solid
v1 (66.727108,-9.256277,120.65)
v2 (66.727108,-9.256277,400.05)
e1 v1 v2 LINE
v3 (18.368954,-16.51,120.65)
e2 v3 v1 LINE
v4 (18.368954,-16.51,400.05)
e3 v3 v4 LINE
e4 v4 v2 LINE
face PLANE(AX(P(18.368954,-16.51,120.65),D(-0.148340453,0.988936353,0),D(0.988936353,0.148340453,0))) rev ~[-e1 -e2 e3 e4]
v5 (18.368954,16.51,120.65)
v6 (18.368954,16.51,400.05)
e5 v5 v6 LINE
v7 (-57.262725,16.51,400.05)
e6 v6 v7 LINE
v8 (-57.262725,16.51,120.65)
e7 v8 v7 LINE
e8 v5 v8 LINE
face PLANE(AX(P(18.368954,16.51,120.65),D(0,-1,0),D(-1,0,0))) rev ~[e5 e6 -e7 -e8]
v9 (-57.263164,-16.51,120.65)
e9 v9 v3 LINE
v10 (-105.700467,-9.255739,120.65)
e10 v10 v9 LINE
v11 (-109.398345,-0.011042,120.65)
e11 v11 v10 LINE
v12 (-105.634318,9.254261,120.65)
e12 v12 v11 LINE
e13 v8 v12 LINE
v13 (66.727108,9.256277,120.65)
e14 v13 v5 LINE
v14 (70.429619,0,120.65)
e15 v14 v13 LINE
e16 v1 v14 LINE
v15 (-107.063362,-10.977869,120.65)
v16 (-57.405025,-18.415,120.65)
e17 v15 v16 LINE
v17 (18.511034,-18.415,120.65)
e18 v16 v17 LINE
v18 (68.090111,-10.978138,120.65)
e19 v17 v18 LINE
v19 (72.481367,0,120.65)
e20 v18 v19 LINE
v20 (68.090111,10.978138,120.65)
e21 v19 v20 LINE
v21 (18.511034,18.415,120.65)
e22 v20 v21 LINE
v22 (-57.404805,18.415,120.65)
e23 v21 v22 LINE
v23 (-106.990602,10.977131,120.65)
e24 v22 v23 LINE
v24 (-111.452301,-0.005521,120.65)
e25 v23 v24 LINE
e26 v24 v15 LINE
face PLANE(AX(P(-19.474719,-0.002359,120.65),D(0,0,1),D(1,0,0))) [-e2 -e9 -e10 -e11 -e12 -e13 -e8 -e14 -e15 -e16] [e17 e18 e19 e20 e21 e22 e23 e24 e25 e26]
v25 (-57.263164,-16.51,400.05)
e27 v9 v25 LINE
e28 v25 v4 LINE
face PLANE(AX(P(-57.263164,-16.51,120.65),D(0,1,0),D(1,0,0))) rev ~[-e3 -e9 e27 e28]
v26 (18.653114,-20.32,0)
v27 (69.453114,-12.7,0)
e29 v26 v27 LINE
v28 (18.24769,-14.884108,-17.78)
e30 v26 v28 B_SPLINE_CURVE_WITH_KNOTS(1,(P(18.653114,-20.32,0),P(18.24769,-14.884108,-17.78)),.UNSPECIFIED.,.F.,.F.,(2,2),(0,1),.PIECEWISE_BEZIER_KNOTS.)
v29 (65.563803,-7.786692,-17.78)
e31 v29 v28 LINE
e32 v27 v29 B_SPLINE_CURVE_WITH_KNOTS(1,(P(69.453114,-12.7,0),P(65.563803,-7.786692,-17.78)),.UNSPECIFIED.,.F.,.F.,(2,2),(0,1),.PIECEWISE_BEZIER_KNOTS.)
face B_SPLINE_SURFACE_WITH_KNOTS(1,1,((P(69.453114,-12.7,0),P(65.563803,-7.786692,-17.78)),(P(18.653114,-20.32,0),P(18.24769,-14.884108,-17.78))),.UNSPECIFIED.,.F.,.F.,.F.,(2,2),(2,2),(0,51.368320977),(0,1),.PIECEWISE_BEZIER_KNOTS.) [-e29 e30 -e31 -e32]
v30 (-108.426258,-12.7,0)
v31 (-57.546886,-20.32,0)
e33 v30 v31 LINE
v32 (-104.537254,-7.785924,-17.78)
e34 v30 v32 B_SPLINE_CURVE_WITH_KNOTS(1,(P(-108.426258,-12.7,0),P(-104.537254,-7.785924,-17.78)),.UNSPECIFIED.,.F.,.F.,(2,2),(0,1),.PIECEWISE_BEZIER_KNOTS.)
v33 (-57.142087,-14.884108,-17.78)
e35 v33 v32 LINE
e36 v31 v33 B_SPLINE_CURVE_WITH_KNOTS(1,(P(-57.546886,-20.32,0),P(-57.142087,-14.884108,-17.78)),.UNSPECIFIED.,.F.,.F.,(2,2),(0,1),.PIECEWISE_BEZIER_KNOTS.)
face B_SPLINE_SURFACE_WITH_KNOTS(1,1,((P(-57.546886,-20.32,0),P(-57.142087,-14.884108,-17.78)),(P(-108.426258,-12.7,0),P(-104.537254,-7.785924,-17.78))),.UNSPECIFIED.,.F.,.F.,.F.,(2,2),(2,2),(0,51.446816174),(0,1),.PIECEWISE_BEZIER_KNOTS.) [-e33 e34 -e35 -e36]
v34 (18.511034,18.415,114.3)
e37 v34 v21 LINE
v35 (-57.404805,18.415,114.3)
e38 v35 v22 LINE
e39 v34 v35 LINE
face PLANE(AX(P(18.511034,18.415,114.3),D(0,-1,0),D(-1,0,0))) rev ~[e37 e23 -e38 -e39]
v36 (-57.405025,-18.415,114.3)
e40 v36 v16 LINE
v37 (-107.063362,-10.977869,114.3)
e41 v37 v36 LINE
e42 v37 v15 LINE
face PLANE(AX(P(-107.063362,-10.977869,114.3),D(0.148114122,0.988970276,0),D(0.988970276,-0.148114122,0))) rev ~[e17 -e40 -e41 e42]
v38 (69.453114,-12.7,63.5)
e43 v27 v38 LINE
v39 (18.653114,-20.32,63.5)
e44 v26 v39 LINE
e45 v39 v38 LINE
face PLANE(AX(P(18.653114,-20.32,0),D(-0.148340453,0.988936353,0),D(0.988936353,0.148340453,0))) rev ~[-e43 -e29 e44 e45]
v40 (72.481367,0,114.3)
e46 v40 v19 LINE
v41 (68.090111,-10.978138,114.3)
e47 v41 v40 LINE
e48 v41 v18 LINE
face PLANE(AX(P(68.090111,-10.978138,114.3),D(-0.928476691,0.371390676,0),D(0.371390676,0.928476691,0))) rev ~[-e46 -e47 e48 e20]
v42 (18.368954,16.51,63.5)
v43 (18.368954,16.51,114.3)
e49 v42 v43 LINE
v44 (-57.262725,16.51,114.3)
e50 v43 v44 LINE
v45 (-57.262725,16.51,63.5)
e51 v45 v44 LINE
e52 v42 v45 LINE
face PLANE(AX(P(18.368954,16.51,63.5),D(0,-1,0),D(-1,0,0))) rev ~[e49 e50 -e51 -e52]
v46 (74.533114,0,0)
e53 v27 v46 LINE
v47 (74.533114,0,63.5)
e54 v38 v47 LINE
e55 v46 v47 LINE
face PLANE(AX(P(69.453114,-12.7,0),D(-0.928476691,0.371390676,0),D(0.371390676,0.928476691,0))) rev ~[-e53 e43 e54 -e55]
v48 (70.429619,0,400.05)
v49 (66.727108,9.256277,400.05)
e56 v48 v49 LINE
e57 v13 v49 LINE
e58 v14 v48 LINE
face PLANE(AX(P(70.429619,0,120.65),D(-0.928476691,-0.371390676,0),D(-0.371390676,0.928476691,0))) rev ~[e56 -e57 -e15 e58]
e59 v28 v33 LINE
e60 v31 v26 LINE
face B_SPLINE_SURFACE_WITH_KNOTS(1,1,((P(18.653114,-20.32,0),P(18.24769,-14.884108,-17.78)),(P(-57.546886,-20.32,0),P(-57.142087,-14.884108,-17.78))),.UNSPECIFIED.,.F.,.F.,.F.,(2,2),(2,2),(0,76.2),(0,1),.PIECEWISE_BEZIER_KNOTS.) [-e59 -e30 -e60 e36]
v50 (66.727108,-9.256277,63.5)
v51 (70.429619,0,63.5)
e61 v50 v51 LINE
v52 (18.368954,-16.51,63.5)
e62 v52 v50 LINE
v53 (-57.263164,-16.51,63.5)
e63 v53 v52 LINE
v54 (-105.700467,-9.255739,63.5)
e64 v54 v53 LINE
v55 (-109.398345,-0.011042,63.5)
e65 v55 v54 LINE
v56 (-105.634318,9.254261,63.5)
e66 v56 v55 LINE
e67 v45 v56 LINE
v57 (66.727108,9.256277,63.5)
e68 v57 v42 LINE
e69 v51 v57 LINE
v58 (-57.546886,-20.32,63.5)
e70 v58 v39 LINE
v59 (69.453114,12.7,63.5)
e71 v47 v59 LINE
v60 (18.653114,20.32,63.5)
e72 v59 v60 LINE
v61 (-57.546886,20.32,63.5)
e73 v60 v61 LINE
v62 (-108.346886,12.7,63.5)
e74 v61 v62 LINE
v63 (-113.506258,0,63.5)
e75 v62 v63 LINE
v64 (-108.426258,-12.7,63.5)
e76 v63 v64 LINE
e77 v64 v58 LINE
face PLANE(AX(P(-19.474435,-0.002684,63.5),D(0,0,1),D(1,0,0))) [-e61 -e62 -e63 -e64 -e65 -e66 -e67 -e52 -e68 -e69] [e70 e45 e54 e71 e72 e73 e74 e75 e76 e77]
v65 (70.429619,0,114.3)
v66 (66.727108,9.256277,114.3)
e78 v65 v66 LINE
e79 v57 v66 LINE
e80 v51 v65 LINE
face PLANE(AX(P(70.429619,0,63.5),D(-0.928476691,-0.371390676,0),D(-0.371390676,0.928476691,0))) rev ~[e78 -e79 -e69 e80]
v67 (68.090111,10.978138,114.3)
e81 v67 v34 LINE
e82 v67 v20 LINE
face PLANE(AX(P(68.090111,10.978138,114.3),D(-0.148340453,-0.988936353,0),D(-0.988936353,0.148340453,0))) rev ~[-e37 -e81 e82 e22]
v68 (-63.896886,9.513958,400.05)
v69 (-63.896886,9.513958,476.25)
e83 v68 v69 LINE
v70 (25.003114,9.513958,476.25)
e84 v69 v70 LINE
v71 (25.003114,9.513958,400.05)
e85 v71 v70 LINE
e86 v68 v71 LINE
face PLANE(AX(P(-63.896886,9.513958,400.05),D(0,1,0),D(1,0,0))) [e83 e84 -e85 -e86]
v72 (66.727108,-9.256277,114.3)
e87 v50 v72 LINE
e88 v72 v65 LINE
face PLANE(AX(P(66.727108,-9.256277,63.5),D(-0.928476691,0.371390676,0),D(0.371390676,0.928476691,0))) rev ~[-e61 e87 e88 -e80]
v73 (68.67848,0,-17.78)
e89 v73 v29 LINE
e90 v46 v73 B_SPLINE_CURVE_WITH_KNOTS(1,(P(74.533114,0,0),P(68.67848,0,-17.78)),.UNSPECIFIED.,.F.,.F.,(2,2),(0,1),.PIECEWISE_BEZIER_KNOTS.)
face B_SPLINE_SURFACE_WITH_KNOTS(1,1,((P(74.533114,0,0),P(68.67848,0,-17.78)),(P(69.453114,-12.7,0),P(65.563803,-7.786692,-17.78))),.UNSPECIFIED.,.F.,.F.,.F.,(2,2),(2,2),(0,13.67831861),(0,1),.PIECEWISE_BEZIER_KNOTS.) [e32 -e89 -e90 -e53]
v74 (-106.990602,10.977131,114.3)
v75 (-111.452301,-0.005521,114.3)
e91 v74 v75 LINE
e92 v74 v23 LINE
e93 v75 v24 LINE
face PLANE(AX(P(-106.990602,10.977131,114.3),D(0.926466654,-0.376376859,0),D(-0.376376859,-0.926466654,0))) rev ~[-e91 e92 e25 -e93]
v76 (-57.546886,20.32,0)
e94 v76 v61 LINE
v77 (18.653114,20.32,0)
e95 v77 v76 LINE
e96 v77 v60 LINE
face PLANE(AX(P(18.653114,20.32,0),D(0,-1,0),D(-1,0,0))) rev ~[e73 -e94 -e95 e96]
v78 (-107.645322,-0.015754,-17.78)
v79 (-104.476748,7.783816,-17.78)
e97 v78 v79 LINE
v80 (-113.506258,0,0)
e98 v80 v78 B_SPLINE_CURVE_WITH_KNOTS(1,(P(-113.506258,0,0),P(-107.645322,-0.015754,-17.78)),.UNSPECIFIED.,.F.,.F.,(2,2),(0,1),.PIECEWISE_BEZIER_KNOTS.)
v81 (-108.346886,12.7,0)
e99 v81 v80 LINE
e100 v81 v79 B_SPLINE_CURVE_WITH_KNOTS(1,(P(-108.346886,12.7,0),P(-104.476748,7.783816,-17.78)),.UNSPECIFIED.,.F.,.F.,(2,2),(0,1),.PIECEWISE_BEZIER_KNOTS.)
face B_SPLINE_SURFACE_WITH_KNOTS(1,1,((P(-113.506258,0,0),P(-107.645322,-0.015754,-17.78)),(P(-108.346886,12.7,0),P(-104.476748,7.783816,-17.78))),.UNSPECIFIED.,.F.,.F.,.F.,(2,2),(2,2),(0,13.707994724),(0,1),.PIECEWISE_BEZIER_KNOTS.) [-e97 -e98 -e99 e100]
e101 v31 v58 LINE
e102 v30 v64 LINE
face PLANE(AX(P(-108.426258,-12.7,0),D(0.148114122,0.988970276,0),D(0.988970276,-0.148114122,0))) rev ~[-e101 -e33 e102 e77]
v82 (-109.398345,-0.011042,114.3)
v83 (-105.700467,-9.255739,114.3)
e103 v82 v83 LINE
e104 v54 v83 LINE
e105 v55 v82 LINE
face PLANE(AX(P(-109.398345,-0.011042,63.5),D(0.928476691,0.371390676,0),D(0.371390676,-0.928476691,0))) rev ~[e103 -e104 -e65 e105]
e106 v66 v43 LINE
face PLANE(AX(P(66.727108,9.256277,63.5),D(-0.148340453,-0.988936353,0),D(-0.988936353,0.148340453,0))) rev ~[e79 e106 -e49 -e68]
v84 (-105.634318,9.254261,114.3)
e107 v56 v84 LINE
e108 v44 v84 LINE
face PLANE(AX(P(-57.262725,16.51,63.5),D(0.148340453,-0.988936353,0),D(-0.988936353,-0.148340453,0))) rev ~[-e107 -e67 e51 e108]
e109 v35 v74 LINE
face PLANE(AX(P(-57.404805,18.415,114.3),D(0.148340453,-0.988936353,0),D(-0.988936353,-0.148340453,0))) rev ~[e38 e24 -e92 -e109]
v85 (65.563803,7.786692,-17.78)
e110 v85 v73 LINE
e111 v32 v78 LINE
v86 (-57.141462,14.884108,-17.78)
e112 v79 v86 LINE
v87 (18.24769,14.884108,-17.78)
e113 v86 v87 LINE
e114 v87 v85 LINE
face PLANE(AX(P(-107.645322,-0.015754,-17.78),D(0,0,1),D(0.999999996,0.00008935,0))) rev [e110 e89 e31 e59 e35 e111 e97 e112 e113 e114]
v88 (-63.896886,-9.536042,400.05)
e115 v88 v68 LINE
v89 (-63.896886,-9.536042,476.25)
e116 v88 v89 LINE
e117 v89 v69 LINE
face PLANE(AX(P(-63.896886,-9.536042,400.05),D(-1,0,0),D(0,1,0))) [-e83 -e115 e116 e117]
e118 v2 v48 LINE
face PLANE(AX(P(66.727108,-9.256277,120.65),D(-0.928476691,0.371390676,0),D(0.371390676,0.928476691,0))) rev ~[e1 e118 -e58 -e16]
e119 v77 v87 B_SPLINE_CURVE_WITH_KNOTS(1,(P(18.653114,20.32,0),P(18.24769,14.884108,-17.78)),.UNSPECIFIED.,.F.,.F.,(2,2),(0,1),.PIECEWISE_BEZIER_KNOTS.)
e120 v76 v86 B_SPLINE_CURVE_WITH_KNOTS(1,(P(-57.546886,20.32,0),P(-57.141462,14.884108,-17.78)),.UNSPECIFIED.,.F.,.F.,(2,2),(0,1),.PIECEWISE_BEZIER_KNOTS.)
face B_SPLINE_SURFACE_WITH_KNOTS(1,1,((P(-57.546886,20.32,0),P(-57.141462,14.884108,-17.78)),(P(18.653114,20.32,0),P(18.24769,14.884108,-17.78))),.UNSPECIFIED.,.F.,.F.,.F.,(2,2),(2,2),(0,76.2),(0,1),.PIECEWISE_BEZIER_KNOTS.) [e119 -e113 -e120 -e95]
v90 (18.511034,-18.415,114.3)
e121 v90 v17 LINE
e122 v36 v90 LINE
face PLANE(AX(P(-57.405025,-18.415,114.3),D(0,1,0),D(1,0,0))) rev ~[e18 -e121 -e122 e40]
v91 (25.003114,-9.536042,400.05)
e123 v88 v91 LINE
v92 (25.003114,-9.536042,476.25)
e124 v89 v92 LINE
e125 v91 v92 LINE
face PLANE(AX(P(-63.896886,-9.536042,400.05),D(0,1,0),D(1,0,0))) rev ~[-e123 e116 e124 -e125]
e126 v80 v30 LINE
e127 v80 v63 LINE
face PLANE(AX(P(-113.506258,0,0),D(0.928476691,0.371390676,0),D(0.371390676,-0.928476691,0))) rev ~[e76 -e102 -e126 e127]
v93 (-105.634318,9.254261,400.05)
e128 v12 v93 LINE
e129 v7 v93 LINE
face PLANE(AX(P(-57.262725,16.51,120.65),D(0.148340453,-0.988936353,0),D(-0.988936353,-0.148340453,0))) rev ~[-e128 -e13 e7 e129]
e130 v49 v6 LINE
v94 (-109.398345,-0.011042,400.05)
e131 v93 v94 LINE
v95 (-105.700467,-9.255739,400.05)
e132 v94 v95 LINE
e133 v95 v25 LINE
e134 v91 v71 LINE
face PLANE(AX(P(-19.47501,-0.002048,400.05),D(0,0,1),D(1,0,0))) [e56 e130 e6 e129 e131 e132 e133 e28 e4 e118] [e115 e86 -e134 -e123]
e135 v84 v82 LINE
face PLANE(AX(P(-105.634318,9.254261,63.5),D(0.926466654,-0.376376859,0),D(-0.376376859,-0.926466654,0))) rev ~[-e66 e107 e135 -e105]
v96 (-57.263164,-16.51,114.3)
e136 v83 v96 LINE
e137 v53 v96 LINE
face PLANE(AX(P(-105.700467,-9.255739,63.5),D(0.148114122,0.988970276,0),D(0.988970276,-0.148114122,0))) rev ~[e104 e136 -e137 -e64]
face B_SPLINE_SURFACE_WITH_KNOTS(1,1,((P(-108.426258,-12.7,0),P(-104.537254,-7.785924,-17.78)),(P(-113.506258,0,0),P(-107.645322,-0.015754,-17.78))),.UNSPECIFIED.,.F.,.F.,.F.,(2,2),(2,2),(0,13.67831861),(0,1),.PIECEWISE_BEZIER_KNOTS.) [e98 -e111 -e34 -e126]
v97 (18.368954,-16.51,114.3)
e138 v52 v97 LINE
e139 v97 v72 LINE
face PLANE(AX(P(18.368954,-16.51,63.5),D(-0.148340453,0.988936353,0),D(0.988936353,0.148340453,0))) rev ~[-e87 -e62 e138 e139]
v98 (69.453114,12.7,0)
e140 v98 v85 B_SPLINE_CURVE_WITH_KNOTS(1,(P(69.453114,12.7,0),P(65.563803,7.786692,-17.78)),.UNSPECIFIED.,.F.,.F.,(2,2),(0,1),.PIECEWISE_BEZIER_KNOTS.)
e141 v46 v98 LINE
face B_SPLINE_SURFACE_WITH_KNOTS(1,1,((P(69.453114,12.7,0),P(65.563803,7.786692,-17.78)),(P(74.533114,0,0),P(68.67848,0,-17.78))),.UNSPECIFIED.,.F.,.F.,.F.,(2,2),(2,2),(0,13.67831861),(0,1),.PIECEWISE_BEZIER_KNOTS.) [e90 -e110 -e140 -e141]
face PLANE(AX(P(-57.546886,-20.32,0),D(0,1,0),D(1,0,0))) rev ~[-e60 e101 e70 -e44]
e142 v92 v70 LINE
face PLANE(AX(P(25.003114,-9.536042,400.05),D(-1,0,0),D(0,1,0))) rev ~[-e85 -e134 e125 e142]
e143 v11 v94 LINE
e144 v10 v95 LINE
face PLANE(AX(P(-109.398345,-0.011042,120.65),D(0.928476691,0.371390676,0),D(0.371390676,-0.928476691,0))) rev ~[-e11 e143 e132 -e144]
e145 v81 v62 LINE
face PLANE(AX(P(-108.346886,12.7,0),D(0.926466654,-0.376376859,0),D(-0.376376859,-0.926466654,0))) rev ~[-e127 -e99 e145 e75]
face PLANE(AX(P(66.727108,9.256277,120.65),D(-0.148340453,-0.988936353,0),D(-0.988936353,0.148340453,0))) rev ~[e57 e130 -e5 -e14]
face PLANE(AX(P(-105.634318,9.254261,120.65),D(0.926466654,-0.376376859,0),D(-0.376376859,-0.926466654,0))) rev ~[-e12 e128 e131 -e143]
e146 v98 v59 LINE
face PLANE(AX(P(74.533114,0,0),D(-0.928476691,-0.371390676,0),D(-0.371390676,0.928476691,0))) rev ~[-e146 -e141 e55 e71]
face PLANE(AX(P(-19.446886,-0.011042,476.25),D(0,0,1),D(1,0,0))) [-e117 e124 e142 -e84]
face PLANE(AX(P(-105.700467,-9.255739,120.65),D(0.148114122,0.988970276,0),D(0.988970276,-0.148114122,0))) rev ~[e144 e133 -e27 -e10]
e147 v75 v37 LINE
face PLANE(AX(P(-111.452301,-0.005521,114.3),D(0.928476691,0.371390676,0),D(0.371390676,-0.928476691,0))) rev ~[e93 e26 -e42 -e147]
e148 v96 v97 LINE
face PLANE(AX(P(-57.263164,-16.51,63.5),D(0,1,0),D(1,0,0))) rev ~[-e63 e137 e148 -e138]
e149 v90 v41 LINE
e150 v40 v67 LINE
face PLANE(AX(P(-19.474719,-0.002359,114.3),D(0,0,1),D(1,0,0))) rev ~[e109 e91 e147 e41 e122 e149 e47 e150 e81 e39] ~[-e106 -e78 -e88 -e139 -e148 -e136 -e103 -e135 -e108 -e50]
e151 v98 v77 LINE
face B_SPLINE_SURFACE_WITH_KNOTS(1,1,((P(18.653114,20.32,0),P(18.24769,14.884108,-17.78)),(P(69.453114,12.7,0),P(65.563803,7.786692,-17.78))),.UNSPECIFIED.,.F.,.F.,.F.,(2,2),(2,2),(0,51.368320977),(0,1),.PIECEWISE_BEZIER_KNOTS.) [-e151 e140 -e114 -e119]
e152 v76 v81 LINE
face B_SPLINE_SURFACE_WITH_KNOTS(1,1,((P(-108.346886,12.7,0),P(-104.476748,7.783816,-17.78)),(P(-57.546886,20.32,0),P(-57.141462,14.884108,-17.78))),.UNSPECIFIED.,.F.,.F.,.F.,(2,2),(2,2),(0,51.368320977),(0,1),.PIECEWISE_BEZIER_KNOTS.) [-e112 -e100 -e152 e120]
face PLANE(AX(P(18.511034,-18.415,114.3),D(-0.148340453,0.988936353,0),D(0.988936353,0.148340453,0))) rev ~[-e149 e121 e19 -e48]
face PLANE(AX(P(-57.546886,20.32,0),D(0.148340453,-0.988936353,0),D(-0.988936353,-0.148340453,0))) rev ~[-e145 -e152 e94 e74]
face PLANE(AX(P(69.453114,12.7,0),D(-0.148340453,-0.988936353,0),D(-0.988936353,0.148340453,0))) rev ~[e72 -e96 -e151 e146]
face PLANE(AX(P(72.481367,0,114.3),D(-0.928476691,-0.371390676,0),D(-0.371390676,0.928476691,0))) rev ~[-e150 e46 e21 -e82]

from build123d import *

# Parameters (mm, degrees)
F1_DEPTH  = 63.5
F4_DEPTH  = 17.78
F4_TAPER  = 17
F6_DEPTH  = 50.8
F8_DEPTH  = 6.35
F10_DEPTH = 279.4
F11_W     = 88.9
F11_H     = 19.05
F12_DEPTH = 76.2


with BuildPart() as f1:
    # F0 (on Top) → F1 (new body)
    with BuildSketch(Plane.XY):
        Polygon((-57.5468856689, 20.32), (-108.3468856689, 12.7), (-113.5062576618, 0), (-108.4262576618, -12.7), (-57.5468856689, -20.32), (18.6531143311, -20.32), (69.4531143311, -12.7), (74.5331143311, 0), (69.4531143311, 12.7), (18.6531143311, 20.32), align=None)
    extrude(amount=F1_DEPTH)

    # F3 (on face) → F4 (join)
    with BuildSketch(Plane(origin=(0, 0, 0), x_dir=(1, 0, 0), z_dir=(0, 0, -1))):
        Polygon((-113.5062576618, 0), (-108.3468856689, -12.7), (-57.5468856689, -20.32), (18.6531143311, -20.32), (69.4531143311, -12.7), (74.5331143311, 0), (69.4531143311, 12.7), (18.6531143311, 20.32), (-57.5468856689, 20.32), (-108.4262576618, 12.7), align=None)
        Polygon((-56.9794414883, 12.7), (18.0847933541, 12.7), (64.0011016636, 5.8125537536), (66.326123165, 0), (64.0011016636, -5.8125537536), (18.0847933541, -12.7), (-56.9785646919, -12.7), (-102.921750061, -5.8085221946), (-105.2904326731, 0.0220845566), (-102.9746753651, 5.8114778266), align=None, mode=Mode.SUBTRACT)
        Polygon((64.0011016636, 5.8125537536), (18.0847933541, 12.7), (-56.9794414883, 12.7), (-102.9746753651, 5.8114778266), (-105.2904326731, 0.0220845566), (-102.921750061, -5.8085221946), (-56.9785646919, -12.7), (18.0847933541, -12.7), (64.0011016636, -5.8125537536), (66.326123165, 0), align=None)
    extrude(amount=F4_DEPTH, taper=F4_TAPER)

    # F5 (on face) → F6 (join)
    with BuildSketch(Plane.XY.offset(63.5)):
        Polygon((-105.634317865, 9.2542610973), (-109.3983451675, -0.0110422783), (-105.7004665135, -9.2557389133), (-57.2631635786, -16.51), (18.3689538426, -16.51), (66.7271079974, -9.2562768768), (70.4296187481, 0), (66.7271079974, 9.2562768768), (18.3689538426, 16.51), (-57.2627251804, 16.51), align=None)
    extrude(amount=F6_DEPTH)

    # F7 (on face) → F8 (join)
    with BuildSketch(Plane.XY.offset(114.3)):
        Polygon((-57.4050246237, -18.415), (18.5110340868, -18.415), (68.0901111642, -10.9781384384), (72.4813665396, 0), (68.0901111642, 10.9781384384), (18.5110340868, 18.415), (-57.4048054246, 18.415), (-106.9906017669, 10.9771305487), (-111.4523014147, -0.0055211391), (-107.0633620877, -10.9778694567), align=None)
    extrude(amount=F8_DEPTH)

    # F9 (on face) → F10 (join)
    with BuildSketch(Plane.XY.offset(120.65)):
        Polygon((70.4296187481, 0), (66.7271079974, 9.2562768768), (18.3689538426, 16.51), (-57.2627251804, 16.51), (-105.634317865, 9.2542610973), (-109.3983451675, -0.0110422783), (-105.7004665135, -9.2557389133), (-57.2631635786, -16.51), (18.3689538426, -16.51), (66.7271079974, -9.2562768768), align=None)
    extrude(amount=F10_DEPTH)

    # F11 (on face) → F12 (join)
    with BuildSketch(Plane.XY.offset(400.05)):
        with Locations((-19.4468856689, -0.0110422783)):
            Rectangle(F11_W, F11_H)
    extrude(amount=F12_DEPTH)


solid = f1.part
